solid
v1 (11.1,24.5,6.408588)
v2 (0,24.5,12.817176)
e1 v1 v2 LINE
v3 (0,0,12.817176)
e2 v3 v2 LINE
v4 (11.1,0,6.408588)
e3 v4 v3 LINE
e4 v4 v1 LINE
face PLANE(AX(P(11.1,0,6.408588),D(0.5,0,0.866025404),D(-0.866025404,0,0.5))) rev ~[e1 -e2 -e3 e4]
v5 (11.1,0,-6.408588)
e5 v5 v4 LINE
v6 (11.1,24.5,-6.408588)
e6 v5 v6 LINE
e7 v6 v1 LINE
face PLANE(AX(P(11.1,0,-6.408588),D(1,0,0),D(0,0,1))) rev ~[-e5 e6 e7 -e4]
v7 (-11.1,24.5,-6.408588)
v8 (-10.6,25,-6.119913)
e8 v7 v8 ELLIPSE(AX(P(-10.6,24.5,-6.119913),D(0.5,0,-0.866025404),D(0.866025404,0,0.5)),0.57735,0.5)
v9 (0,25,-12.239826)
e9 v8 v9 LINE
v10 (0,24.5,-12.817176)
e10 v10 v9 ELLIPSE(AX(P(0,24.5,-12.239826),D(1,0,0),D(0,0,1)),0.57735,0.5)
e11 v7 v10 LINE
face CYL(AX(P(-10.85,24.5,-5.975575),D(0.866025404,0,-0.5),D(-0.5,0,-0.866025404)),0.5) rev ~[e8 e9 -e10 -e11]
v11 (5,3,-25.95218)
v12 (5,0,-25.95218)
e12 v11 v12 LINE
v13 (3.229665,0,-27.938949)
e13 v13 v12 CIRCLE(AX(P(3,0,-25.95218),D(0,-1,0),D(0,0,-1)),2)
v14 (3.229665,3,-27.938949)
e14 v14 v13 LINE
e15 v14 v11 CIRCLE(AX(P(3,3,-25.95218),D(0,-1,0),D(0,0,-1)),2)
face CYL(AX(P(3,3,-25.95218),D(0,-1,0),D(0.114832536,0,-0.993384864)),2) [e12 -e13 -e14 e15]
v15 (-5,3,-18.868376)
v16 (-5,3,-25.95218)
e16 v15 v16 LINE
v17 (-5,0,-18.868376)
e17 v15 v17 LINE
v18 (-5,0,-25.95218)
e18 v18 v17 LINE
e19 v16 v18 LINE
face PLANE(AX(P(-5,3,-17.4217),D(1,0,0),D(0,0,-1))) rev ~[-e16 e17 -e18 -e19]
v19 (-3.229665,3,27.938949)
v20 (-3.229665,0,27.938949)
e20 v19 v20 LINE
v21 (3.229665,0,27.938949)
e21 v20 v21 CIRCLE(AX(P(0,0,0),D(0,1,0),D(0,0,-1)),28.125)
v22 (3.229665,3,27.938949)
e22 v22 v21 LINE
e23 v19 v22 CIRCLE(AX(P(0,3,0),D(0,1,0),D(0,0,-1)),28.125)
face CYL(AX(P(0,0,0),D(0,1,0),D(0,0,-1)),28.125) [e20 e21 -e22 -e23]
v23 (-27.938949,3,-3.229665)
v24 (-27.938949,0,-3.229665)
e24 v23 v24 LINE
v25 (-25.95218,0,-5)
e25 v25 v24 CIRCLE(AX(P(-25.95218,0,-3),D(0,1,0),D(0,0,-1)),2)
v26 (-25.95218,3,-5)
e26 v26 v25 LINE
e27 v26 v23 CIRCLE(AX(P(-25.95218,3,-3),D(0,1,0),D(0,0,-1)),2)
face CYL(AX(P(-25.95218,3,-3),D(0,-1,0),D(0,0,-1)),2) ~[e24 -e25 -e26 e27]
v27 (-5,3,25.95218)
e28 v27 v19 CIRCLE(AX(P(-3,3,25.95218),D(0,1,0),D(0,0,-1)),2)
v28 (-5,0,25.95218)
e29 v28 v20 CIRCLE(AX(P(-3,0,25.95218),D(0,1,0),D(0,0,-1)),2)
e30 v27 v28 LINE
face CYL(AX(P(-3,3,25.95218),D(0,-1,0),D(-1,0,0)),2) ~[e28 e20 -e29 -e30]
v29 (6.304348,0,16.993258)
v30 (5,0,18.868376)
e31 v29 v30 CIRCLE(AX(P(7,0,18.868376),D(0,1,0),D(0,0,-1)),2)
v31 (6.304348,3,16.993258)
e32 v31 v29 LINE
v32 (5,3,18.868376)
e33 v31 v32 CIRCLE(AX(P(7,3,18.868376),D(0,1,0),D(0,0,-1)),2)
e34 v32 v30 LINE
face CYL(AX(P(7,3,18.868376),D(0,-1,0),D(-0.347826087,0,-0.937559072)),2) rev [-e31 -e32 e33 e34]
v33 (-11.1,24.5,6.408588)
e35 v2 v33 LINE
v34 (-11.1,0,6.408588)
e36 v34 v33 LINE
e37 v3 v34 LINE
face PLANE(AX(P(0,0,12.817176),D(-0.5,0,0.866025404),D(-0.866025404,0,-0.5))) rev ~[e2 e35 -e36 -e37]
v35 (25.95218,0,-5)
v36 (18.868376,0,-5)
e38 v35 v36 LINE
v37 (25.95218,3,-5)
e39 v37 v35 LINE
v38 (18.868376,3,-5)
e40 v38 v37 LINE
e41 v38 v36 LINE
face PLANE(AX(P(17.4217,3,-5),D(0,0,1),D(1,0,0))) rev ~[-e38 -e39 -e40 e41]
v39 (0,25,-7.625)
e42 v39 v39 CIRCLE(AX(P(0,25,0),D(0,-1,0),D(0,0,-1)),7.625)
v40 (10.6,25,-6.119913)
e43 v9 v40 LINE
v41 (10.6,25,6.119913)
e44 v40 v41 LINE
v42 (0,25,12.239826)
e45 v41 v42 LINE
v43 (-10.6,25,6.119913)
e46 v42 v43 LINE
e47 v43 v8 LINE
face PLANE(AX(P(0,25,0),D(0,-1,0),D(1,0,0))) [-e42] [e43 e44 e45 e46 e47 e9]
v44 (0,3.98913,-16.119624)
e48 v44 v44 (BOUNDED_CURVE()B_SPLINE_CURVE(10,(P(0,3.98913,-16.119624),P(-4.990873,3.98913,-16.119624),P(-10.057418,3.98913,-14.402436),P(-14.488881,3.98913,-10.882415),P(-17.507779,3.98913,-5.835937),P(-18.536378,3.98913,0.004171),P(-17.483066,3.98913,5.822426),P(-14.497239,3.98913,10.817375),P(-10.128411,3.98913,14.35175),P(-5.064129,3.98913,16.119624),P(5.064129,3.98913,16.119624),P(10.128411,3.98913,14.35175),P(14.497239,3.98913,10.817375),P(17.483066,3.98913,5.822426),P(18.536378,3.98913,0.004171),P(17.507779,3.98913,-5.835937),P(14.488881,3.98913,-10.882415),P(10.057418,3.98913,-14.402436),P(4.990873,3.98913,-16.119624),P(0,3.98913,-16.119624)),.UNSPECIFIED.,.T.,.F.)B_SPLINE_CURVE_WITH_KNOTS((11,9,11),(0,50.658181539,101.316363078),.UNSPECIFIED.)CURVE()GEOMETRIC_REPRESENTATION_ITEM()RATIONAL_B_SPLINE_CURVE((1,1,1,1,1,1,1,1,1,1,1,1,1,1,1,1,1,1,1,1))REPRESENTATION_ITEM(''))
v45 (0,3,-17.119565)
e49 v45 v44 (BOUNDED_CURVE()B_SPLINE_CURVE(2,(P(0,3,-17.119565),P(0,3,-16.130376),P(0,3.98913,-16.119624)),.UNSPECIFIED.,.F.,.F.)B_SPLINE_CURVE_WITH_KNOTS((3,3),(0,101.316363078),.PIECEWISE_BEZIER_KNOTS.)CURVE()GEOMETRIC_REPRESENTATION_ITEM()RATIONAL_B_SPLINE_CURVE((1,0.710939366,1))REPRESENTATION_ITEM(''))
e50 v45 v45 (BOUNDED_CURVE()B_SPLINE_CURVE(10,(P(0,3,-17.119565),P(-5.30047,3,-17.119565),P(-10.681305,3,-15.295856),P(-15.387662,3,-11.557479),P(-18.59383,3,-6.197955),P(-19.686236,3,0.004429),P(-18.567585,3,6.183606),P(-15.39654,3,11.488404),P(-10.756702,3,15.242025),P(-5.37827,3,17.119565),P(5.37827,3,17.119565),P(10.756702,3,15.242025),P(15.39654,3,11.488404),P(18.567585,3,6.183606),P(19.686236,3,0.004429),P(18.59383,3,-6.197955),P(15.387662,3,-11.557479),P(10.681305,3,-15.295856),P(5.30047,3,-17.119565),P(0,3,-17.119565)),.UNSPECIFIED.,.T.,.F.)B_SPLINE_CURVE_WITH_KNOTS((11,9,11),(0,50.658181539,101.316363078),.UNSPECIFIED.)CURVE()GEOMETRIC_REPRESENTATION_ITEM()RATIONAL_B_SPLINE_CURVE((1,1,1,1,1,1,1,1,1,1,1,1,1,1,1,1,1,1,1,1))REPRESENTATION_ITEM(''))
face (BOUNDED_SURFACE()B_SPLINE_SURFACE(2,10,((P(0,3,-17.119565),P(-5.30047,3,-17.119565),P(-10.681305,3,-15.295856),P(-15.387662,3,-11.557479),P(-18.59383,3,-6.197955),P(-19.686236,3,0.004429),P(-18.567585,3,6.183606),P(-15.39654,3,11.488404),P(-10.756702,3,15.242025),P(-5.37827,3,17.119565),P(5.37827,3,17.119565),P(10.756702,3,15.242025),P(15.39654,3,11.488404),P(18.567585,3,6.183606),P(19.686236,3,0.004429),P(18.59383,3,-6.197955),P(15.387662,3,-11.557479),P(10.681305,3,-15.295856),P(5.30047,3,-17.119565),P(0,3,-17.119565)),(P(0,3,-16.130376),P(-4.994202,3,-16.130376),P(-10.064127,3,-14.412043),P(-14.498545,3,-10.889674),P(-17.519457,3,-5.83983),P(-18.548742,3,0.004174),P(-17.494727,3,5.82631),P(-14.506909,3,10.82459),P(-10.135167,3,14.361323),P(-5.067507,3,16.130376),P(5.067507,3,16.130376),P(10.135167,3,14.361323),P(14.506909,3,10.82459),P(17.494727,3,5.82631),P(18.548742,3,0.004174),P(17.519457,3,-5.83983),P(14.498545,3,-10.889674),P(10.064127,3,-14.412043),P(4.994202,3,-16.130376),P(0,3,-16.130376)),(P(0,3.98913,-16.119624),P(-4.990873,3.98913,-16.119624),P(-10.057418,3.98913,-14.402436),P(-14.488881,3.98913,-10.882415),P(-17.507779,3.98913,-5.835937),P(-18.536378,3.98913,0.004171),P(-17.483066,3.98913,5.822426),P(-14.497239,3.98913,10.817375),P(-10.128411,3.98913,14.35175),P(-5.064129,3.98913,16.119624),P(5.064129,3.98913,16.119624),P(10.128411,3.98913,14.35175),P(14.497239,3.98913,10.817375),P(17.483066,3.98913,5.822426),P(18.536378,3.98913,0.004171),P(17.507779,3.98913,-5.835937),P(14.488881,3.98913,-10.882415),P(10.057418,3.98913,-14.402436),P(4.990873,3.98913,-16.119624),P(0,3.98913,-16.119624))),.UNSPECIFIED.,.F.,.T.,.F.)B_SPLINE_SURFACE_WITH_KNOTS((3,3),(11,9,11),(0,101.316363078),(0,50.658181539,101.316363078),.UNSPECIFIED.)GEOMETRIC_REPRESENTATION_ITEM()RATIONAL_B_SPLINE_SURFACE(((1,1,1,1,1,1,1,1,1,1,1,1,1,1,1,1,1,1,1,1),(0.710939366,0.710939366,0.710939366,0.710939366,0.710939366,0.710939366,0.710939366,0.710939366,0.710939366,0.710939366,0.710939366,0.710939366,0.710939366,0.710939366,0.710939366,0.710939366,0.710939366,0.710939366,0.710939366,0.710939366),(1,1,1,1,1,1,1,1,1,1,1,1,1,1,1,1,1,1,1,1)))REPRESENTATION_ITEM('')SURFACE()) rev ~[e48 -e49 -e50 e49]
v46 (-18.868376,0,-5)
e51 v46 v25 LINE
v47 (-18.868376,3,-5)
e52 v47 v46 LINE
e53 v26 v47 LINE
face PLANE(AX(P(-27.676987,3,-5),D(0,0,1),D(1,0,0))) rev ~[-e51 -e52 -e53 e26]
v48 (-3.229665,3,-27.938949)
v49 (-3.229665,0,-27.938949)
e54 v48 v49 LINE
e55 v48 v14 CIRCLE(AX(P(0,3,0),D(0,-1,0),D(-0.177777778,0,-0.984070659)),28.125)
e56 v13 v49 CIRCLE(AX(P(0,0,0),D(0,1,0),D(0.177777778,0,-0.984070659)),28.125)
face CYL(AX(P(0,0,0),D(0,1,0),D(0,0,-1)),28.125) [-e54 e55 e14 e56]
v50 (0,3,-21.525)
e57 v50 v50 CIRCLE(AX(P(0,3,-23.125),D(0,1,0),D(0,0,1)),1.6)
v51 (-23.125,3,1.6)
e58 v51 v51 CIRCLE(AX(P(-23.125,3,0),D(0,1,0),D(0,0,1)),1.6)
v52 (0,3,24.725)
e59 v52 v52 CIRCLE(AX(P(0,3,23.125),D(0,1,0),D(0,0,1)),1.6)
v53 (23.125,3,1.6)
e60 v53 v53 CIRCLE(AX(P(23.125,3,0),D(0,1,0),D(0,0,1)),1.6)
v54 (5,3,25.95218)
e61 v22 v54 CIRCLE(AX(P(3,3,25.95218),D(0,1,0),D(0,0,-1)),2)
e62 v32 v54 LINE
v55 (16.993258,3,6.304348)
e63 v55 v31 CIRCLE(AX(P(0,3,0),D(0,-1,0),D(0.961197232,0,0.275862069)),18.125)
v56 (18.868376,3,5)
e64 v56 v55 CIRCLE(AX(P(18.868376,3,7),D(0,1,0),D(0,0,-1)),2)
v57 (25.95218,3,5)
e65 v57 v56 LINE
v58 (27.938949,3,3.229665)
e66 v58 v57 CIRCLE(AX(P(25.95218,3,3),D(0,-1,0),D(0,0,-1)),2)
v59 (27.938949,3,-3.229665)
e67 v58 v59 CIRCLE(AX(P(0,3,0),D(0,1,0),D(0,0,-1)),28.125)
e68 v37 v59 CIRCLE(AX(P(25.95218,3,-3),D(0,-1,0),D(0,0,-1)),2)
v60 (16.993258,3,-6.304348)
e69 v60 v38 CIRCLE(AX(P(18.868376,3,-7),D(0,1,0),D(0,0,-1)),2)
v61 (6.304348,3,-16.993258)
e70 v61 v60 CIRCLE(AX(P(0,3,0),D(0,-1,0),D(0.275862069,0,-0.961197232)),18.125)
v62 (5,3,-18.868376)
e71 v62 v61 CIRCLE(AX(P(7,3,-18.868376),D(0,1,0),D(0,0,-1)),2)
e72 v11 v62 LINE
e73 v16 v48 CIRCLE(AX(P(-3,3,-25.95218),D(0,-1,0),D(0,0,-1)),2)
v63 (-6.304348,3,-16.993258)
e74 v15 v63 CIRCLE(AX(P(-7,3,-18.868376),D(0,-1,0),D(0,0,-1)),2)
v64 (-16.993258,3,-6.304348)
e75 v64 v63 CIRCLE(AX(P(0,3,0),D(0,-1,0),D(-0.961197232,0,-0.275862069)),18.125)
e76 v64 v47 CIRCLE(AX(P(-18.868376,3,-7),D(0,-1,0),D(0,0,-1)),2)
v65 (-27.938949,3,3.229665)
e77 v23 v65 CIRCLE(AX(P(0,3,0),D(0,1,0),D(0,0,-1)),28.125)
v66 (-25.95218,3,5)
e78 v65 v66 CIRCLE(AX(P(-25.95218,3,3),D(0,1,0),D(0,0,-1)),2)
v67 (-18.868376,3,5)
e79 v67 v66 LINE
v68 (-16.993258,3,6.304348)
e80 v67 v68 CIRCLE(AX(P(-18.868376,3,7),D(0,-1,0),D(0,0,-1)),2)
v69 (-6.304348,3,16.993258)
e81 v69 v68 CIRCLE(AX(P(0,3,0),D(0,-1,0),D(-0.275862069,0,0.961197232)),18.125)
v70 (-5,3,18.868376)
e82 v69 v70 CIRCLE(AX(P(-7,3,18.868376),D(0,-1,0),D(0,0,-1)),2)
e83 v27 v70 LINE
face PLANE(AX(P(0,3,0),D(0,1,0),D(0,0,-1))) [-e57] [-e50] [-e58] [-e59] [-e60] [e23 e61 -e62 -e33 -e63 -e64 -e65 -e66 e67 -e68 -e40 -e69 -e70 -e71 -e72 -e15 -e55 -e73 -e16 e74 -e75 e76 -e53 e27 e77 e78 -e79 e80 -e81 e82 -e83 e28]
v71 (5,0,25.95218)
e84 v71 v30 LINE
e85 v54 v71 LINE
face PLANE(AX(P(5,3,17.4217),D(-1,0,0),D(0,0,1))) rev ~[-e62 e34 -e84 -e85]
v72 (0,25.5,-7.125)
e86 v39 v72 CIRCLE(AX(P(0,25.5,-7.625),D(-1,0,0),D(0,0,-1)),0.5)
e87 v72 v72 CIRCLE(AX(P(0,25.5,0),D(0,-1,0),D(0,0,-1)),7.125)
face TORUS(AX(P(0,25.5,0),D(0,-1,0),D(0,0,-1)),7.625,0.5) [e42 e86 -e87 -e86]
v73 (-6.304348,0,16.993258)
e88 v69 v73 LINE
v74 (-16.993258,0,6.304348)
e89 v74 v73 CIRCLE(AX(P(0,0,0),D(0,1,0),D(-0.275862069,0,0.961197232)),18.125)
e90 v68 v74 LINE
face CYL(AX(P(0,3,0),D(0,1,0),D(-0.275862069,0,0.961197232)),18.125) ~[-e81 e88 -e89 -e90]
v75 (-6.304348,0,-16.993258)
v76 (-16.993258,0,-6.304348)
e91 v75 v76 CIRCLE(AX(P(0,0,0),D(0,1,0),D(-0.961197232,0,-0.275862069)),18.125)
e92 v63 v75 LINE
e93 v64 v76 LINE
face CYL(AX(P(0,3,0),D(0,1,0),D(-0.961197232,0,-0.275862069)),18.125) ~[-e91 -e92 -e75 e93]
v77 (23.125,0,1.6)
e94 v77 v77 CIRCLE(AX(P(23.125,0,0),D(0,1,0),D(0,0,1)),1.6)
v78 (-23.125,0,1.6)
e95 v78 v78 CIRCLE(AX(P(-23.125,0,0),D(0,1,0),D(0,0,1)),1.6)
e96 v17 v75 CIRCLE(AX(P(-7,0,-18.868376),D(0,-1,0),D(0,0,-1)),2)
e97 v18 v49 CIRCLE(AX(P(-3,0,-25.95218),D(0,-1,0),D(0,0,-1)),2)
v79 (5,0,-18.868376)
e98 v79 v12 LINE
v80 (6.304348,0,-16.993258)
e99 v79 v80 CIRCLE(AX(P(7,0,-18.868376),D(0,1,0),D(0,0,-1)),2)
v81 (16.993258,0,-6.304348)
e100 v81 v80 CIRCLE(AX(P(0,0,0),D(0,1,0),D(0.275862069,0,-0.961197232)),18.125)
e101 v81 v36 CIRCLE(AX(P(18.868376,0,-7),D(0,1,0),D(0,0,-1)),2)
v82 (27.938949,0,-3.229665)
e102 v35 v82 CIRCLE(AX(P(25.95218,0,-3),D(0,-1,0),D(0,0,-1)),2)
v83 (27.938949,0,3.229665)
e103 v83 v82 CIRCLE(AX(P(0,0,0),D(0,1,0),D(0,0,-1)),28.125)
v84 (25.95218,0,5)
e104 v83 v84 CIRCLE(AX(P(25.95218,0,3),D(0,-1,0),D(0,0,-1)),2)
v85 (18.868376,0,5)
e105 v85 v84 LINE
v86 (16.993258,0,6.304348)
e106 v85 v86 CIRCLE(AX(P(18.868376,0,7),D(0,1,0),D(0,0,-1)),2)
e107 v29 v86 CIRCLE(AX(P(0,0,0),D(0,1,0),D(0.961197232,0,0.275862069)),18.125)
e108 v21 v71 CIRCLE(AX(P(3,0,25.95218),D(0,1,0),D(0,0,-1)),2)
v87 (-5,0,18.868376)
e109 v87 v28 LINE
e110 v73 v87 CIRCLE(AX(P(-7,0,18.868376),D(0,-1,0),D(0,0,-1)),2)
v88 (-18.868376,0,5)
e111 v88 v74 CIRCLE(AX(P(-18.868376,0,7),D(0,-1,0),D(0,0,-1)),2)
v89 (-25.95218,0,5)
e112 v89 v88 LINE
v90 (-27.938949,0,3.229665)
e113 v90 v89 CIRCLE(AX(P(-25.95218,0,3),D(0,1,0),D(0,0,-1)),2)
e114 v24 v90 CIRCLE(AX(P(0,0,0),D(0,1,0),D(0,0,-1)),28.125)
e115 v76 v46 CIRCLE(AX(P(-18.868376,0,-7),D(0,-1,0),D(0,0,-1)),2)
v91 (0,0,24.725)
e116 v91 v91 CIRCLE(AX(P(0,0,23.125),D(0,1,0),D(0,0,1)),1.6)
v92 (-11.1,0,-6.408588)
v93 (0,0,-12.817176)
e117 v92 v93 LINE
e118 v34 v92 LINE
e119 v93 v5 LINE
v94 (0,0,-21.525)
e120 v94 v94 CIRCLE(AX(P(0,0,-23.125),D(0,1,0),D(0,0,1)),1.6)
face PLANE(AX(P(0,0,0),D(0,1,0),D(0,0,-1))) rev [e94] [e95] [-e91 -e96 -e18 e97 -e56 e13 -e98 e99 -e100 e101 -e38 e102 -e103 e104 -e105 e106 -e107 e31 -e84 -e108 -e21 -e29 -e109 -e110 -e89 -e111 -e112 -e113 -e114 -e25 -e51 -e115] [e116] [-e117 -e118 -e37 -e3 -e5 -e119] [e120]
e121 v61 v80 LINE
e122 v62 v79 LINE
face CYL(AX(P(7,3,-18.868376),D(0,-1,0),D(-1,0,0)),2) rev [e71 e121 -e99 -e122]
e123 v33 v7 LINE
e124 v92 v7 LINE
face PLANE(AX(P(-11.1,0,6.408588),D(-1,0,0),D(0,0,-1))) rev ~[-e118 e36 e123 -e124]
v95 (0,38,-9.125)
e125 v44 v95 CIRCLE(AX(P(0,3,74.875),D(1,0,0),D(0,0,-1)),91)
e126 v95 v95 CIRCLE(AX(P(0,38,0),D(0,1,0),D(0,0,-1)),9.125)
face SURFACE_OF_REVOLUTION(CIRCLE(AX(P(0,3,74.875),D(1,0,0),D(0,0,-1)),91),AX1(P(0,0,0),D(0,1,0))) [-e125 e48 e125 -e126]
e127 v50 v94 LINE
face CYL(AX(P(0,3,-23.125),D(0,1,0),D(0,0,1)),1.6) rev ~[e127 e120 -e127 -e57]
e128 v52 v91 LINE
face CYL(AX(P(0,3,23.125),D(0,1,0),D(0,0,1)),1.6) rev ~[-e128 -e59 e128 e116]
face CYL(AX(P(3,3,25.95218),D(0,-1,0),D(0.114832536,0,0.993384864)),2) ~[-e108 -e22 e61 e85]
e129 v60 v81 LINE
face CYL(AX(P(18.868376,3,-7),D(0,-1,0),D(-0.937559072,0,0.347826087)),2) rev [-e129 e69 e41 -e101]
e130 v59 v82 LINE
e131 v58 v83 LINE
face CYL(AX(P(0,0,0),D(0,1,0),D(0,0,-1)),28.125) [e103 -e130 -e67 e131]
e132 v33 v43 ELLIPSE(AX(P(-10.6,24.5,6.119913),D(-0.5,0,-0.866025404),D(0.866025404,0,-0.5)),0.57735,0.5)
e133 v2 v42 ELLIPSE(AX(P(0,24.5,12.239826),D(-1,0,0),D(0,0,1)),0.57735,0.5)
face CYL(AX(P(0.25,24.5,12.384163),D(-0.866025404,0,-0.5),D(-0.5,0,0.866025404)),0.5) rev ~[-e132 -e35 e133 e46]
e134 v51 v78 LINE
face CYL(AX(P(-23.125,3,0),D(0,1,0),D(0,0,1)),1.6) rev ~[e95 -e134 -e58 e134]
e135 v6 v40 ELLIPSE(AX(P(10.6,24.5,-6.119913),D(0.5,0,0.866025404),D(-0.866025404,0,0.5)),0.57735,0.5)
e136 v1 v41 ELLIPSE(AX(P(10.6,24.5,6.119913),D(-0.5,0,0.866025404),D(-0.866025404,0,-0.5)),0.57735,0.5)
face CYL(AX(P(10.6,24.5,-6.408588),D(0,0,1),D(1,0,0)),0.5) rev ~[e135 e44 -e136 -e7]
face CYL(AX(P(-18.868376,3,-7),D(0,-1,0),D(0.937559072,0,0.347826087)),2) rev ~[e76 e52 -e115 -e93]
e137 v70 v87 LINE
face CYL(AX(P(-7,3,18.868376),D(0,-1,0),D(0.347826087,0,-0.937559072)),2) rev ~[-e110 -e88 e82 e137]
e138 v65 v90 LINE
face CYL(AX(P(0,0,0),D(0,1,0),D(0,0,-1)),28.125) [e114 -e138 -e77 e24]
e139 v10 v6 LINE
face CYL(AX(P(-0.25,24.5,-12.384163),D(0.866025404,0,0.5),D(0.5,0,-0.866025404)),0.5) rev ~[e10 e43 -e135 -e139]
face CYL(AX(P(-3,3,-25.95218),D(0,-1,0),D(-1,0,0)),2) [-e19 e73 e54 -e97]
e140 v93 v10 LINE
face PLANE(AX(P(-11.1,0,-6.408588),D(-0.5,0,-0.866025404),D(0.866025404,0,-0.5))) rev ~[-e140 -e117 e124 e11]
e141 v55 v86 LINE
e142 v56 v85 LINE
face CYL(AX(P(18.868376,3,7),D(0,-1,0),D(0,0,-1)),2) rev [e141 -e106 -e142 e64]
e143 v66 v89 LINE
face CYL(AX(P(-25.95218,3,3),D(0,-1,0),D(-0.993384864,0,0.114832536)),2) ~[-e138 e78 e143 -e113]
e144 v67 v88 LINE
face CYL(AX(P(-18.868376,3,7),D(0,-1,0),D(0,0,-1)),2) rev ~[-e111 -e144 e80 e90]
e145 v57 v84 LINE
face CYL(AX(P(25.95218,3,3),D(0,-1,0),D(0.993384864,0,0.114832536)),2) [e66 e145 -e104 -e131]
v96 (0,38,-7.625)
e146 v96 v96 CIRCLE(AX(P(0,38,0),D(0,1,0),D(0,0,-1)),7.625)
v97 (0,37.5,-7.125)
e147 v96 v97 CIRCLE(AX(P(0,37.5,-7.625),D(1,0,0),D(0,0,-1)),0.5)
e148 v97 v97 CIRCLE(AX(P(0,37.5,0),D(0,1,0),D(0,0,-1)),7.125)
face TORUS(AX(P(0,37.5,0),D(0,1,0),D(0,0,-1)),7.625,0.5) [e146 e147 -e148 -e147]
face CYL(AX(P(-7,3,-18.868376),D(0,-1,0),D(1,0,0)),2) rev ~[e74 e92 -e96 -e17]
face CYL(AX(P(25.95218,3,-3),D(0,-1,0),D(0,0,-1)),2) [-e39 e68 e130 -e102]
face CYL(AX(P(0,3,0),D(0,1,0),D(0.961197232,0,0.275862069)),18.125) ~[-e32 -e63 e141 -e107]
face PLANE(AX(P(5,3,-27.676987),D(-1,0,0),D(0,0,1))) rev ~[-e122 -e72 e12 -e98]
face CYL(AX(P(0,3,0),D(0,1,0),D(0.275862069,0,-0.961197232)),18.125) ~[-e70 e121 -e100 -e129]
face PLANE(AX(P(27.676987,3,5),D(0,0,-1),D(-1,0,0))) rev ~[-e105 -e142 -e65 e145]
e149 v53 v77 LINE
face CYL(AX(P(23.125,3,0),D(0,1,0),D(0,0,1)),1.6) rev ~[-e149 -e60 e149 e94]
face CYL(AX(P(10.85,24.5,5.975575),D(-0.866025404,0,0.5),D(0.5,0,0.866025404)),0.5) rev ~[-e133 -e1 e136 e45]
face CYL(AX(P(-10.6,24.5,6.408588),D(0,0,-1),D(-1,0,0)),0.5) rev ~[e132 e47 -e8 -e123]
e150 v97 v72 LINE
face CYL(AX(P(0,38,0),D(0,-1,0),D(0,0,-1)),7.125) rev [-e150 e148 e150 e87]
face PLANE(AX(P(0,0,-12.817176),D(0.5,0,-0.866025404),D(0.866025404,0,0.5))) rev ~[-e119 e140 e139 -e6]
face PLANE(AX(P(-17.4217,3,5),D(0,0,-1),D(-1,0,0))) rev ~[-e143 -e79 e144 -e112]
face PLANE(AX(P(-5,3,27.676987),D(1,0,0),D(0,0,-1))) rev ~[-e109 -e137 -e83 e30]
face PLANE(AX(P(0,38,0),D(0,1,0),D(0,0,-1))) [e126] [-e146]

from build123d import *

# Parameters (mm, degrees)
CUT_EXTRUDE1_DEPTH = 25
CUT_EXTRUDE2_DEPTH = 22
SKETCH4_R          = 1.6
CUT_EXTRUDE3_DEPTH = 53.981423697
FILLET3_R          = 0.5
FILLET6_R          = 2
FILLET7_R          = 1


with BuildPart() as part:
    # Sketch1 → Revolve1 (revolve)
    with BuildSketch(Plane.XY, mode=Mode.PRIVATE) as revolve1_sk:
        with BuildLine():
            Line((-28.125, 0), (-28.125, 3))
            Line((-28.125, 3), (-16.125, 3))
            ThreePointArc((-16.125, 3), (-14.357841488, 20.846568298), (-9.125, 38))
            Line((-9.125, 38), (-7.125, 38))
            Line((-7.125, 38), (-7.125, 0))
            Line((-7.125, 0), (-28.125, 0))
        make_face()
    revolve(revolve1_sk.sketch.rotate(Axis((0, 0, 0), (0, 1, 0)), 270), axis=Axis((0, 0, 0), (0, 1, 0)))

    # Sketch2 → Cut-Extrude1 (cut)
    with BuildSketch(Plane.XZ):
        Polygon((0, 12.817175976), (-11.1, 6.408587988), (-11.1, -6.408587988), (0, -12.817175976), (11.1, -6.408587988), (11.1, 6.408587988), align=None)
    extrude(amount=-CUT_EXTRUDE1_DEPTH, mode=Mode.SUBTRACT)

    # Sketch3 → Cut-Extrude2 (cut)
    with BuildSketch(Plane(origin=(0, 3, 0), x_dir=(1, 0, 0), z_dir=(0, 1, 0))):
        with BuildLine():
            ThreePointArc((17.421699831, -5), (12.816310409, -12.816310409), (5, -17.421699831))
            Line((5, -17.421699831), (5, -27.676987282))
            ThreePointArc((5, -27.676987282), (19.887378221, -19.887378221), (27.676987282, -5))
            Line((27.676987282, -5), (17.421699831, -5))
        make_face()
        with BuildLine():
            Line((-5, -27.676987282), (-5, -17.421699831))
            ThreePointArc((-5, -17.421699831), (-12.816310409, -12.816310409), (-17.421699831, -5))
            Line((-17.421699831, -5), (-27.676987282, -5))
            ThreePointArc((-27.676987282, -5), (-19.887378221, -19.887378221), (-5, -27.676987282))
        make_face()
        with BuildLine():
            Line((-27.676987282, 5), (-17.421699831, 5))
            ThreePointArc((-17.421699831, 5), (-12.816310409, 12.816310409), (-5, 17.421699831))
            Line((-5, 17.421699831), (-5, 27.676987282))
            ThreePointArc((-5, 27.676987282), (-19.887378221, 19.887378221), (-27.676987282, 5))
        make_face()
        with BuildLine():
            ThreePointArc((5, 17.421699831), (12.816310409, 12.816310409), (17.421699831, 5))
            Line((17.421699831, 5), (27.676987282, 5))
            ThreePointArc((27.676987282, 5), (19.887378221, 19.887378221), (5, 27.676987282))
            Line((5, 27.676987282), (5, 17.421699831))
        make_face()
    extrude(amount=-CUT_EXTRUDE2_DEPTH, mode=Mode.SUBTRACT)

    # Sketch4 → Cut-Extrude3 (cut, through all)
    with BuildSketch(Plane(origin=(0, 3, 0), x_dir=(1, 0, 0), z_dir=(0, 1, 0))):
        with Locations(Location((23.125, 0, 0), (0, 0, 270))):
            Circle(SKETCH4_R)
        with Locations(Location((0, -23.125, 0), (0, 0, 270))):
            Circle(SKETCH4_R)
        with Locations(Location((-23.125, 0, 0), (0, 0, 270))):
            Circle(SKETCH4_R)
        with Locations(Location((0, 23.125, 0), (0, 0, 270))):
            Circle(SKETCH4_R)
    extrude(amount=-CUT_EXTRUDE3_DEPTH, mode=Mode.SUBTRACT)

    # Fillet3
    fillet3_edges = [part.edges().sort_by_distance(p)[0] for p in [
        (5.55, 25, 9.612881982),
        (11.1, 25, 0),
        (5.55, 25, -9.612881982),
        (-5.55, 25, -9.612881982),
        (-11.1, 25, 0),
        (-5.55, 25, 9.612881982),
        (0, 25, 7.125),
        (0, 38, 7.125),
    ]]
    fillet(fillet3_edges, radius=FILLET3_R)

    # Fillet6
    fillet6_edges = [part.edges().sort_by_distance(p)[0] for p in [
        (-17.421699831, 1.5, 5),
        (-5, 1.5, 17.421699831),
        (-5, 1.5, 27.676987282),
        (-27.676987282, 1.5, 5),
        (5, 1.5, 17.421699831),
        (17.421699831, 1.5, 5),
        (27.676987282, 1.5, 5),
        (5, 1.5, 27.676987282),
        (17.421699831, 1.5, -5),
        (5, 1.5, -17.421699831),
        (5, 1.5, -27.676987282),
        (27.676987282, 1.5, -5),
        (-5, 1.5, -17.421699831),
        (-17.421699831, 1.5, -5),
        (-27.676987282, 1.5, -5),
        (-5, 1.5, -27.676987282),
    ]]
    fillet(fillet6_edges, radius=FILLET6_R)

    # Fillet7
    fillet7_edges = [part.edges().sort_by_distance(p)[0] for p in [
        (0, 3, 16.125),
    ]]
    fillet(fillet7_edges, radius=FILLET7_R)


solid = part.part
